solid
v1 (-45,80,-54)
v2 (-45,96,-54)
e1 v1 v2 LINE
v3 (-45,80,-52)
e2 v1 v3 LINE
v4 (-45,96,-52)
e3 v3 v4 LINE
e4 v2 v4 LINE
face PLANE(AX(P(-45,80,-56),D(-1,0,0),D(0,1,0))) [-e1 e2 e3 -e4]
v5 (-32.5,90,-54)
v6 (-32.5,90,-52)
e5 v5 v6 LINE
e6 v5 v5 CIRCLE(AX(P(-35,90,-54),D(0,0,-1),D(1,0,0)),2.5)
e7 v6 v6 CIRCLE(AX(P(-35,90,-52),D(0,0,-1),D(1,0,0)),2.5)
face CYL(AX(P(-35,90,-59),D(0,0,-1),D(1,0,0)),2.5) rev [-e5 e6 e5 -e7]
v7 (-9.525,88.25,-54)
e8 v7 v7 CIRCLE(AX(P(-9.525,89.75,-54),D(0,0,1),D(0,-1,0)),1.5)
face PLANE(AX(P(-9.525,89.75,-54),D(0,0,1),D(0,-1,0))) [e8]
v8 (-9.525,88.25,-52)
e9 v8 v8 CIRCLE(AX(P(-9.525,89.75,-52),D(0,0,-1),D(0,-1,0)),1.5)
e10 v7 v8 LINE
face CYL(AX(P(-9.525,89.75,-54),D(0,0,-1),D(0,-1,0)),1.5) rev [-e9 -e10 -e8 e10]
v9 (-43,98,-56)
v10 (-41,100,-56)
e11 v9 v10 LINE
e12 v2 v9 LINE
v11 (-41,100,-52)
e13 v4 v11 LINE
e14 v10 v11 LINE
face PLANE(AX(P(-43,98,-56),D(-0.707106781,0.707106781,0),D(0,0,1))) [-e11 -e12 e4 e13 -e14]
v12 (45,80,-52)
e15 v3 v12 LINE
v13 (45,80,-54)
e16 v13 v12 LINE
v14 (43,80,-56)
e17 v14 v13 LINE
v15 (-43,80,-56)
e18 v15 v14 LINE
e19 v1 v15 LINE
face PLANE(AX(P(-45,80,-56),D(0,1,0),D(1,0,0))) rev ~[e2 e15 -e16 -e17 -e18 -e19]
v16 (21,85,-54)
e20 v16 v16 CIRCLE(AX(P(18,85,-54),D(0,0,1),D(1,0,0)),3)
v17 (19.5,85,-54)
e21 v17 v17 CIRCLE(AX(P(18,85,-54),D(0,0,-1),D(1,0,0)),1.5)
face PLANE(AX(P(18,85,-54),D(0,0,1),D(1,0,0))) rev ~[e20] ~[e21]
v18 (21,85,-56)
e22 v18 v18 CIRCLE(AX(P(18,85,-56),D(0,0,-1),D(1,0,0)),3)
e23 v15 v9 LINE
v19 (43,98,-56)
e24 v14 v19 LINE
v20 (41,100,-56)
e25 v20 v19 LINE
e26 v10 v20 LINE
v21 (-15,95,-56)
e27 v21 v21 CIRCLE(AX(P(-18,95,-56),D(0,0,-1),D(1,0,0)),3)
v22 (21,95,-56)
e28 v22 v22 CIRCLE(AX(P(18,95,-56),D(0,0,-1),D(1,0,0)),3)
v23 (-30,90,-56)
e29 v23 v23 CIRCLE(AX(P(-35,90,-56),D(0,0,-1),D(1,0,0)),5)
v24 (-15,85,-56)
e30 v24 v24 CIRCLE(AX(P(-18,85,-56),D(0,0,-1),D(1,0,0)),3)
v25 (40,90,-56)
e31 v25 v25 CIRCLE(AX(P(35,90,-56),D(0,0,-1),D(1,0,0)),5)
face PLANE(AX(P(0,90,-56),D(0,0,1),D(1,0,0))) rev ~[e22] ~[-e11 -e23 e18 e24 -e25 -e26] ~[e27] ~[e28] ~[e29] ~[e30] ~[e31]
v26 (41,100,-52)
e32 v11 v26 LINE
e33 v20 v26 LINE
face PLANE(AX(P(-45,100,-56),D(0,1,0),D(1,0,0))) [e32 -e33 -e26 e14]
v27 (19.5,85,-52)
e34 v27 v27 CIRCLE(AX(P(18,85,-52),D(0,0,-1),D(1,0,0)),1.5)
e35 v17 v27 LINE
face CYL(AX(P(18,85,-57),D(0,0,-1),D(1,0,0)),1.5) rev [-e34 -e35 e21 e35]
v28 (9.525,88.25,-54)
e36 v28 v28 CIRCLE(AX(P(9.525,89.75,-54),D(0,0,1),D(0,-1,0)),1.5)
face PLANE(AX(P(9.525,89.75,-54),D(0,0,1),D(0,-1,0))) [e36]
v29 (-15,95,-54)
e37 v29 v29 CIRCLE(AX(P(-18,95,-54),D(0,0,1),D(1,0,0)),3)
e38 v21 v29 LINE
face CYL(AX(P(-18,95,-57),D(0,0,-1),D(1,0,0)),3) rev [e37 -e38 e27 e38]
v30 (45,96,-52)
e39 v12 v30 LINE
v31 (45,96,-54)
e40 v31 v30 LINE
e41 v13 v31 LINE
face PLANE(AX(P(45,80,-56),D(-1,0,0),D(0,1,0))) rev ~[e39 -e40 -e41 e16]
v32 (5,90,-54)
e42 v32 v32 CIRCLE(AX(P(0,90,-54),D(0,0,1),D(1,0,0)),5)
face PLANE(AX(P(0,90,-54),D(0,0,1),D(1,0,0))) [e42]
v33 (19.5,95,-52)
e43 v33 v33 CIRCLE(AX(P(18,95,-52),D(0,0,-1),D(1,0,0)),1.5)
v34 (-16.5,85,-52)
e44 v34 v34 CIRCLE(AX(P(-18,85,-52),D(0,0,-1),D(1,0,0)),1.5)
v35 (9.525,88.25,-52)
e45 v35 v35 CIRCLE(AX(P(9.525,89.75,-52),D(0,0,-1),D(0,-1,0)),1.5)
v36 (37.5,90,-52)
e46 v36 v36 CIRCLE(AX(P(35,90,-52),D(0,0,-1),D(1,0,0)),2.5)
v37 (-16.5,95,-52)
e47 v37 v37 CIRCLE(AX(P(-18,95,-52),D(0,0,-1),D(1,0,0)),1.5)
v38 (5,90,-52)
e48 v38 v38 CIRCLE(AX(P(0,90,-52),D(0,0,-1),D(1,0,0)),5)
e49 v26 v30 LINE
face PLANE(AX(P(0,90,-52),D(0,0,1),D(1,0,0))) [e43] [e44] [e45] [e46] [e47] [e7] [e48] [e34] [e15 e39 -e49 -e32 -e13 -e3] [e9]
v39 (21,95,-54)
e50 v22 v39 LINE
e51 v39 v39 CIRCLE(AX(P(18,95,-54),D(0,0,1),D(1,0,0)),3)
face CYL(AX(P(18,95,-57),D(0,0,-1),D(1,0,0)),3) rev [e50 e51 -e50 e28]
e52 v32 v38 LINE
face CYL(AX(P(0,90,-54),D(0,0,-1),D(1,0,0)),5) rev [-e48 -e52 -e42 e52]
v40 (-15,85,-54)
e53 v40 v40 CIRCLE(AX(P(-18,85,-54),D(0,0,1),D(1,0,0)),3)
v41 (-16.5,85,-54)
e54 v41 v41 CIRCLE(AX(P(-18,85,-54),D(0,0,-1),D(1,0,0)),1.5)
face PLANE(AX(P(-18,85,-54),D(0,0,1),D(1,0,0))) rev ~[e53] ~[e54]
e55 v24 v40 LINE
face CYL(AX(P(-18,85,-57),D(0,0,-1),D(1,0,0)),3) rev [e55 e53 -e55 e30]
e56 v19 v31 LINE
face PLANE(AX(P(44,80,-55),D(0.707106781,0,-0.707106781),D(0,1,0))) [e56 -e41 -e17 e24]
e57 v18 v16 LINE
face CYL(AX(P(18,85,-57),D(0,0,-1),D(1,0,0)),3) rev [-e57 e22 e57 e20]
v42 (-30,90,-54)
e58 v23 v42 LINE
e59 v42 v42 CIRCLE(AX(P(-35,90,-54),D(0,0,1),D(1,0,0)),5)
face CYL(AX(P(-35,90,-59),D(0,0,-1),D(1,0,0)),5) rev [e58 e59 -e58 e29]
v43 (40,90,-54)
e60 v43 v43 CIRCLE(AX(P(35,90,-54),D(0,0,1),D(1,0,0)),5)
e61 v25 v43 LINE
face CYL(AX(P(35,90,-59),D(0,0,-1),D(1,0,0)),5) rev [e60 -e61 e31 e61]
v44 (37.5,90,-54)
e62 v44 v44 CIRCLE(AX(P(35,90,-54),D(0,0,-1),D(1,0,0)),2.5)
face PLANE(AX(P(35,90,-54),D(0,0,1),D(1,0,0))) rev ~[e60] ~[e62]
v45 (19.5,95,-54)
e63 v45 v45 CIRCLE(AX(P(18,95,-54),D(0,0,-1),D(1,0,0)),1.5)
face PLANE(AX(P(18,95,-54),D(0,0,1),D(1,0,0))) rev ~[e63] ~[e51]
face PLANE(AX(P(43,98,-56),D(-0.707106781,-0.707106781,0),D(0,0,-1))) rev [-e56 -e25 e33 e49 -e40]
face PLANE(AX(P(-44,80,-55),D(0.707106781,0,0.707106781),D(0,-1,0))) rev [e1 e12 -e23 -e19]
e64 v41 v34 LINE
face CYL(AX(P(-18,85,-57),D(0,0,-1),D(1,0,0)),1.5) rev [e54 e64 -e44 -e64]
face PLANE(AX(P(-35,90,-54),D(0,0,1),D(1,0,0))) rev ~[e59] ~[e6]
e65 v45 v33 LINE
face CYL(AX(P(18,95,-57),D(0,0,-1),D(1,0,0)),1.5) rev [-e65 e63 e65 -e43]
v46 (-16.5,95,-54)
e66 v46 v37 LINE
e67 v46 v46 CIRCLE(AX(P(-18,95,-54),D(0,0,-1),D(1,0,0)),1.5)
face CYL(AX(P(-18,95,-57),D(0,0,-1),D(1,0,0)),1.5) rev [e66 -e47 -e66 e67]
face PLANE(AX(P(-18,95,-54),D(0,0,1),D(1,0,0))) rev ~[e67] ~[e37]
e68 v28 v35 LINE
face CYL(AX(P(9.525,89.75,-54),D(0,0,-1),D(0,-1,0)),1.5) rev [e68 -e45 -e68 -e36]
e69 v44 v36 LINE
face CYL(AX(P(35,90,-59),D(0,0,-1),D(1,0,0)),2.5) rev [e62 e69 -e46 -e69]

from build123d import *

# Parameters (mm, degrees)
CYLINDER1675_R              = 1.5
CYLINDER1675_DEPTH          = 20
CYLINDER1676_R              = 1.5
CYLINDER1676_DEPTH          = 20
COMPOUND830_ROLL_ANGLE      = 90
COMPOUND830_PLACEMENT_ANGLE = 90
CYLINDER1665_R              = 2.5
CYLINDER1665_DEPTH          = 20
CYLINDER1664_R              = 2.5
CYLINDER1664_DEPTH          = 20
CYLINDER1663_R              = 5
CYLINDER1663_DEPTH          = 5
CYLINDER1662_R              = 5
CYLINDER1662_DEPTH          = 5
CYLINDER1659_R              = 3
CYLINDER1659_DEPTH          = 3
CYLINDER1660_R              = 3
CYLINDER1660_DEPTH          = 3
CYLINDER1661_R              = 3
CYLINDER1661_DEPTH          = 3
CYLINDER1658_R              = 3
CYLINDER1658_DEPTH          = 3
CYLINDER1651_R              = 1.5
CYLINDER1651_DEPTH          = 60
CYLINDER1652_R              = 1.5
CYLINDER1652_DEPTH          = 60
CYLINDER1653_R              = 1.5
CYLINDER1653_DEPTH          = 60
CYLINDER1650_R              = 1.5
CYLINDER1650_DEPTH          = 60
CYLINDER1617_R              = 5
CYLINDER1617_DEPTH          = 5
BOX643_W                    = 90
BOX643_H                    = 20
BOX643_DEPTH                = 4
CHAMFER040_SIZE             = 4
CHAMFER041_SIZE             = 2


with BuildPart() as v_lec1675:
    # Cylinder1675 → Cylinder1675 (new body)
    with BuildSketch(Plane(origin=(15.75, 114, 58.525), x_dir=(-1, 0, 0), z_dir=(0, 1, 0))):
        Circle(CYLINDER1675_R)
    extrude(amount=CYLINDER1675_DEPTH)


with BuildPart() as compound831:
    # Cylinder1676 → Cylinder1676 (new body)
    with BuildSketch(Plane(origin=(15.75, 114, 39.475), x_dir=(-1, 0, 0), z_dir=(0, 1, 0))):
        Circle(CYLINDER1676_R)
    extrude(amount=CYLINDER1676_DEPTH)

    # Compound830: union Válec1675
    add(v_lec1675.part)


with BuildPart() as compound831_1:
    # Compound830 roll: moved
    add(compound831.part.rotate(Axis((0, 0, 0), (1, 0, 0)), COMPOUND830_ROLL_ANGLE))


with BuildPart() as compound831_2:
    # Compound830 placement: moved
    add(compound831_1.part.moved(Location((-49, 0, -96))).rotate(Axis((-49, 0, -96), (0, 0, 1)), COMPOUND830_PLACEMENT_ANGLE))


with BuildPart() as compound831_3:
    # Compound831 placement: moved
    add(compound831_2.part.moved(Location((0, 74, -72))))


with BuildPart() as v_lec1665:
    # Cylinder1665 → Cylinder1665 (new body)
    with BuildSketch(Plane(origin=(-35, 90, -59), x_dir=(1, 0, 0), z_dir=(0, 0, 1))):
        Circle(CYLINDER1665_R)
    extrude(amount=CYLINDER1665_DEPTH)


with BuildPart() as compound817:
    # Cylinder1664 → Cylinder1664 (new body)
    with BuildSketch(Plane(origin=(35, 90, -59), x_dir=(1, 0, 0), z_dir=(0, 0, 1))):
        Circle(CYLINDER1664_R)
    extrude(amount=CYLINDER1664_DEPTH)

    # Compound817: union Válec1665
    add(v_lec1665.part)


with BuildPart() as v_lec1663:
    # Cylinder1663 → Cylinder1663 (new body)
    with BuildSketch(Plane(origin=(-35, 90, -59), x_dir=(1, 0, 0), z_dir=(0, 0, 1))):
        Circle(CYLINDER1663_R)
    extrude(amount=CYLINDER1663_DEPTH)


with BuildPart() as compound816:
    # Cylinder1662 → Cylinder1662 (new body)
    with BuildSketch(Plane(origin=(35, 90, -59), x_dir=(1, 0, 0), z_dir=(0, 0, 1))):
        Circle(CYLINDER1662_R)
    extrude(amount=CYLINDER1662_DEPTH)

    # Compound816: union Válec1663
    add(v_lec1663.part)


with BuildPart() as v_lec1659:
    # Cylinder1659 → Cylinder1659 (new body)
    with BuildSketch(Plane(origin=(18, 85, -57), x_dir=(1, 0, 0), z_dir=(0, 0, 1))):
        Circle(CYLINDER1659_R)
    extrude(amount=CYLINDER1659_DEPTH)


with BuildPart() as v_lec1660:
    # Cylinder1660 → Cylinder1660 (new body)
    with BuildSketch(Plane(origin=(-18, 85, -57), x_dir=(1, 0, 0), z_dir=(0, 0, 1))):
        Circle(CYLINDER1660_R)
    extrude(amount=CYLINDER1660_DEPTH)


with BuildPart() as v_lec1661:
    # Cylinder1661 → Cylinder1661 (new body)
    with BuildSketch(Plane(origin=(-18, 95, -57), x_dir=(1, 0, 0), z_dir=(0, 0, 1))):
        Circle(CYLINDER1661_R)
    extrude(amount=CYLINDER1661_DEPTH)


with BuildPart() as compound815:
    # Cylinder1658 → Cylinder1658 (new body)
    with BuildSketch(Plane(origin=(18, 95, -57), x_dir=(1, 0, 0), z_dir=(0, 0, 1))):
        Circle(CYLINDER1658_R)
    extrude(amount=CYLINDER1658_DEPTH)

    # Compound815: union Válec1659, Válec1660, Válec1661
    add(v_lec1659.part)
    add(v_lec1660.part)
    add(v_lec1661.part)


with BuildPart() as v_lec1651:
    # Cylinder1651 → Cylinder1651 (new body)
    with BuildSketch(Plane(origin=(18, 85, -57), x_dir=(1, 0, 0), z_dir=(0, 0, 1))):
        Circle(CYLINDER1651_R)
    extrude(amount=CYLINDER1651_DEPTH)


with BuildPart() as v_lec1652:
    # Cylinder1652 → Cylinder1652 (new body)
    with BuildSketch(Plane(origin=(-18, 85, -57), x_dir=(1, 0, 0), z_dir=(0, 0, 1))):
        Circle(CYLINDER1652_R)
    extrude(amount=CYLINDER1652_DEPTH)


with BuildPart() as v_lec1653:
    # Cylinder1653 → Cylinder1653 (new body)
    with BuildSketch(Plane(origin=(-18, 95, -57), x_dir=(1, 0, 0), z_dir=(0, 0, 1))):
        Circle(CYLINDER1653_R)
    extrude(amount=CYLINDER1653_DEPTH)


with BuildPart() as compound813:
    # Cylinder1650 → Cylinder1650 (new body)
    with BuildSketch(Plane(origin=(18, 95, -57), x_dir=(1, 0, 0), z_dir=(0, 0, 1))):
        Circle(CYLINDER1650_R)
    extrude(amount=CYLINDER1650_DEPTH)

    # Compound813: union Válec1651, Válec1652, Válec1653
    add(v_lec1651.part)
    add(v_lec1652.part)
    add(v_lec1653.part)


with BuildPart() as v_lec1617:
    # Cylinder1617 → Cylinder1617 (new body)
    with BuildSketch(Plane(origin=(0, 90, -54), x_dir=(1, 0, 0), z_dir=(0, 0, 1))):
        Circle(CYLINDER1617_R)
    extrude(amount=CYLINDER1617_DEPTH)


with BuildPart() as cut335:
    # Box643 → Box643 (new body)
    with BuildSketch(Plane(origin=(-45, 80, -56), x_dir=(1, 0, 0), z_dir=(0, 0, 1))):
        with Locations((45, 10)):
            Rectangle(BOX643_W, BOX643_H)
    extrude(amount=BOX643_DEPTH)

    # Cut310: cut Válec1617
    add(v_lec1617.part, mode=Mode.SUBTRACT)

    # Cut326: cut Compound813
    add(compound813.part, mode=Mode.SUBTRACT)

    # Cut328: cut Compound815
    add(compound815.part, mode=Mode.SUBTRACT)

    # Cut329: cut Compound816
    add(compound816.part, mode=Mode.SUBTRACT)

    # Cut330: cut Compound817
    add(compound817.part, mode=Mode.SUBTRACT)

    # Chamfer040
    chamfer040_edges = [cut335.edges().sort_by_distance(p)[0] for p in [
        (-45, 100, -54),
        (45, 100, -54),
    ]]
    chamfer(chamfer040_edges, length=CHAMFER040_SIZE)

    # Chamfer041
    chamfer041_edges = [cut335.edges().sort_by_distance(p)[0] for p in [
        (-45, 88, -56),
        (45, 88, -56),
    ]]
    chamfer(chamfer041_edges, length=CHAMFER041_SIZE)

    # Cut335: cut Compound831
    add(compound831_3.part, mode=Mode.SUBTRACT)


solid = cut335.part
